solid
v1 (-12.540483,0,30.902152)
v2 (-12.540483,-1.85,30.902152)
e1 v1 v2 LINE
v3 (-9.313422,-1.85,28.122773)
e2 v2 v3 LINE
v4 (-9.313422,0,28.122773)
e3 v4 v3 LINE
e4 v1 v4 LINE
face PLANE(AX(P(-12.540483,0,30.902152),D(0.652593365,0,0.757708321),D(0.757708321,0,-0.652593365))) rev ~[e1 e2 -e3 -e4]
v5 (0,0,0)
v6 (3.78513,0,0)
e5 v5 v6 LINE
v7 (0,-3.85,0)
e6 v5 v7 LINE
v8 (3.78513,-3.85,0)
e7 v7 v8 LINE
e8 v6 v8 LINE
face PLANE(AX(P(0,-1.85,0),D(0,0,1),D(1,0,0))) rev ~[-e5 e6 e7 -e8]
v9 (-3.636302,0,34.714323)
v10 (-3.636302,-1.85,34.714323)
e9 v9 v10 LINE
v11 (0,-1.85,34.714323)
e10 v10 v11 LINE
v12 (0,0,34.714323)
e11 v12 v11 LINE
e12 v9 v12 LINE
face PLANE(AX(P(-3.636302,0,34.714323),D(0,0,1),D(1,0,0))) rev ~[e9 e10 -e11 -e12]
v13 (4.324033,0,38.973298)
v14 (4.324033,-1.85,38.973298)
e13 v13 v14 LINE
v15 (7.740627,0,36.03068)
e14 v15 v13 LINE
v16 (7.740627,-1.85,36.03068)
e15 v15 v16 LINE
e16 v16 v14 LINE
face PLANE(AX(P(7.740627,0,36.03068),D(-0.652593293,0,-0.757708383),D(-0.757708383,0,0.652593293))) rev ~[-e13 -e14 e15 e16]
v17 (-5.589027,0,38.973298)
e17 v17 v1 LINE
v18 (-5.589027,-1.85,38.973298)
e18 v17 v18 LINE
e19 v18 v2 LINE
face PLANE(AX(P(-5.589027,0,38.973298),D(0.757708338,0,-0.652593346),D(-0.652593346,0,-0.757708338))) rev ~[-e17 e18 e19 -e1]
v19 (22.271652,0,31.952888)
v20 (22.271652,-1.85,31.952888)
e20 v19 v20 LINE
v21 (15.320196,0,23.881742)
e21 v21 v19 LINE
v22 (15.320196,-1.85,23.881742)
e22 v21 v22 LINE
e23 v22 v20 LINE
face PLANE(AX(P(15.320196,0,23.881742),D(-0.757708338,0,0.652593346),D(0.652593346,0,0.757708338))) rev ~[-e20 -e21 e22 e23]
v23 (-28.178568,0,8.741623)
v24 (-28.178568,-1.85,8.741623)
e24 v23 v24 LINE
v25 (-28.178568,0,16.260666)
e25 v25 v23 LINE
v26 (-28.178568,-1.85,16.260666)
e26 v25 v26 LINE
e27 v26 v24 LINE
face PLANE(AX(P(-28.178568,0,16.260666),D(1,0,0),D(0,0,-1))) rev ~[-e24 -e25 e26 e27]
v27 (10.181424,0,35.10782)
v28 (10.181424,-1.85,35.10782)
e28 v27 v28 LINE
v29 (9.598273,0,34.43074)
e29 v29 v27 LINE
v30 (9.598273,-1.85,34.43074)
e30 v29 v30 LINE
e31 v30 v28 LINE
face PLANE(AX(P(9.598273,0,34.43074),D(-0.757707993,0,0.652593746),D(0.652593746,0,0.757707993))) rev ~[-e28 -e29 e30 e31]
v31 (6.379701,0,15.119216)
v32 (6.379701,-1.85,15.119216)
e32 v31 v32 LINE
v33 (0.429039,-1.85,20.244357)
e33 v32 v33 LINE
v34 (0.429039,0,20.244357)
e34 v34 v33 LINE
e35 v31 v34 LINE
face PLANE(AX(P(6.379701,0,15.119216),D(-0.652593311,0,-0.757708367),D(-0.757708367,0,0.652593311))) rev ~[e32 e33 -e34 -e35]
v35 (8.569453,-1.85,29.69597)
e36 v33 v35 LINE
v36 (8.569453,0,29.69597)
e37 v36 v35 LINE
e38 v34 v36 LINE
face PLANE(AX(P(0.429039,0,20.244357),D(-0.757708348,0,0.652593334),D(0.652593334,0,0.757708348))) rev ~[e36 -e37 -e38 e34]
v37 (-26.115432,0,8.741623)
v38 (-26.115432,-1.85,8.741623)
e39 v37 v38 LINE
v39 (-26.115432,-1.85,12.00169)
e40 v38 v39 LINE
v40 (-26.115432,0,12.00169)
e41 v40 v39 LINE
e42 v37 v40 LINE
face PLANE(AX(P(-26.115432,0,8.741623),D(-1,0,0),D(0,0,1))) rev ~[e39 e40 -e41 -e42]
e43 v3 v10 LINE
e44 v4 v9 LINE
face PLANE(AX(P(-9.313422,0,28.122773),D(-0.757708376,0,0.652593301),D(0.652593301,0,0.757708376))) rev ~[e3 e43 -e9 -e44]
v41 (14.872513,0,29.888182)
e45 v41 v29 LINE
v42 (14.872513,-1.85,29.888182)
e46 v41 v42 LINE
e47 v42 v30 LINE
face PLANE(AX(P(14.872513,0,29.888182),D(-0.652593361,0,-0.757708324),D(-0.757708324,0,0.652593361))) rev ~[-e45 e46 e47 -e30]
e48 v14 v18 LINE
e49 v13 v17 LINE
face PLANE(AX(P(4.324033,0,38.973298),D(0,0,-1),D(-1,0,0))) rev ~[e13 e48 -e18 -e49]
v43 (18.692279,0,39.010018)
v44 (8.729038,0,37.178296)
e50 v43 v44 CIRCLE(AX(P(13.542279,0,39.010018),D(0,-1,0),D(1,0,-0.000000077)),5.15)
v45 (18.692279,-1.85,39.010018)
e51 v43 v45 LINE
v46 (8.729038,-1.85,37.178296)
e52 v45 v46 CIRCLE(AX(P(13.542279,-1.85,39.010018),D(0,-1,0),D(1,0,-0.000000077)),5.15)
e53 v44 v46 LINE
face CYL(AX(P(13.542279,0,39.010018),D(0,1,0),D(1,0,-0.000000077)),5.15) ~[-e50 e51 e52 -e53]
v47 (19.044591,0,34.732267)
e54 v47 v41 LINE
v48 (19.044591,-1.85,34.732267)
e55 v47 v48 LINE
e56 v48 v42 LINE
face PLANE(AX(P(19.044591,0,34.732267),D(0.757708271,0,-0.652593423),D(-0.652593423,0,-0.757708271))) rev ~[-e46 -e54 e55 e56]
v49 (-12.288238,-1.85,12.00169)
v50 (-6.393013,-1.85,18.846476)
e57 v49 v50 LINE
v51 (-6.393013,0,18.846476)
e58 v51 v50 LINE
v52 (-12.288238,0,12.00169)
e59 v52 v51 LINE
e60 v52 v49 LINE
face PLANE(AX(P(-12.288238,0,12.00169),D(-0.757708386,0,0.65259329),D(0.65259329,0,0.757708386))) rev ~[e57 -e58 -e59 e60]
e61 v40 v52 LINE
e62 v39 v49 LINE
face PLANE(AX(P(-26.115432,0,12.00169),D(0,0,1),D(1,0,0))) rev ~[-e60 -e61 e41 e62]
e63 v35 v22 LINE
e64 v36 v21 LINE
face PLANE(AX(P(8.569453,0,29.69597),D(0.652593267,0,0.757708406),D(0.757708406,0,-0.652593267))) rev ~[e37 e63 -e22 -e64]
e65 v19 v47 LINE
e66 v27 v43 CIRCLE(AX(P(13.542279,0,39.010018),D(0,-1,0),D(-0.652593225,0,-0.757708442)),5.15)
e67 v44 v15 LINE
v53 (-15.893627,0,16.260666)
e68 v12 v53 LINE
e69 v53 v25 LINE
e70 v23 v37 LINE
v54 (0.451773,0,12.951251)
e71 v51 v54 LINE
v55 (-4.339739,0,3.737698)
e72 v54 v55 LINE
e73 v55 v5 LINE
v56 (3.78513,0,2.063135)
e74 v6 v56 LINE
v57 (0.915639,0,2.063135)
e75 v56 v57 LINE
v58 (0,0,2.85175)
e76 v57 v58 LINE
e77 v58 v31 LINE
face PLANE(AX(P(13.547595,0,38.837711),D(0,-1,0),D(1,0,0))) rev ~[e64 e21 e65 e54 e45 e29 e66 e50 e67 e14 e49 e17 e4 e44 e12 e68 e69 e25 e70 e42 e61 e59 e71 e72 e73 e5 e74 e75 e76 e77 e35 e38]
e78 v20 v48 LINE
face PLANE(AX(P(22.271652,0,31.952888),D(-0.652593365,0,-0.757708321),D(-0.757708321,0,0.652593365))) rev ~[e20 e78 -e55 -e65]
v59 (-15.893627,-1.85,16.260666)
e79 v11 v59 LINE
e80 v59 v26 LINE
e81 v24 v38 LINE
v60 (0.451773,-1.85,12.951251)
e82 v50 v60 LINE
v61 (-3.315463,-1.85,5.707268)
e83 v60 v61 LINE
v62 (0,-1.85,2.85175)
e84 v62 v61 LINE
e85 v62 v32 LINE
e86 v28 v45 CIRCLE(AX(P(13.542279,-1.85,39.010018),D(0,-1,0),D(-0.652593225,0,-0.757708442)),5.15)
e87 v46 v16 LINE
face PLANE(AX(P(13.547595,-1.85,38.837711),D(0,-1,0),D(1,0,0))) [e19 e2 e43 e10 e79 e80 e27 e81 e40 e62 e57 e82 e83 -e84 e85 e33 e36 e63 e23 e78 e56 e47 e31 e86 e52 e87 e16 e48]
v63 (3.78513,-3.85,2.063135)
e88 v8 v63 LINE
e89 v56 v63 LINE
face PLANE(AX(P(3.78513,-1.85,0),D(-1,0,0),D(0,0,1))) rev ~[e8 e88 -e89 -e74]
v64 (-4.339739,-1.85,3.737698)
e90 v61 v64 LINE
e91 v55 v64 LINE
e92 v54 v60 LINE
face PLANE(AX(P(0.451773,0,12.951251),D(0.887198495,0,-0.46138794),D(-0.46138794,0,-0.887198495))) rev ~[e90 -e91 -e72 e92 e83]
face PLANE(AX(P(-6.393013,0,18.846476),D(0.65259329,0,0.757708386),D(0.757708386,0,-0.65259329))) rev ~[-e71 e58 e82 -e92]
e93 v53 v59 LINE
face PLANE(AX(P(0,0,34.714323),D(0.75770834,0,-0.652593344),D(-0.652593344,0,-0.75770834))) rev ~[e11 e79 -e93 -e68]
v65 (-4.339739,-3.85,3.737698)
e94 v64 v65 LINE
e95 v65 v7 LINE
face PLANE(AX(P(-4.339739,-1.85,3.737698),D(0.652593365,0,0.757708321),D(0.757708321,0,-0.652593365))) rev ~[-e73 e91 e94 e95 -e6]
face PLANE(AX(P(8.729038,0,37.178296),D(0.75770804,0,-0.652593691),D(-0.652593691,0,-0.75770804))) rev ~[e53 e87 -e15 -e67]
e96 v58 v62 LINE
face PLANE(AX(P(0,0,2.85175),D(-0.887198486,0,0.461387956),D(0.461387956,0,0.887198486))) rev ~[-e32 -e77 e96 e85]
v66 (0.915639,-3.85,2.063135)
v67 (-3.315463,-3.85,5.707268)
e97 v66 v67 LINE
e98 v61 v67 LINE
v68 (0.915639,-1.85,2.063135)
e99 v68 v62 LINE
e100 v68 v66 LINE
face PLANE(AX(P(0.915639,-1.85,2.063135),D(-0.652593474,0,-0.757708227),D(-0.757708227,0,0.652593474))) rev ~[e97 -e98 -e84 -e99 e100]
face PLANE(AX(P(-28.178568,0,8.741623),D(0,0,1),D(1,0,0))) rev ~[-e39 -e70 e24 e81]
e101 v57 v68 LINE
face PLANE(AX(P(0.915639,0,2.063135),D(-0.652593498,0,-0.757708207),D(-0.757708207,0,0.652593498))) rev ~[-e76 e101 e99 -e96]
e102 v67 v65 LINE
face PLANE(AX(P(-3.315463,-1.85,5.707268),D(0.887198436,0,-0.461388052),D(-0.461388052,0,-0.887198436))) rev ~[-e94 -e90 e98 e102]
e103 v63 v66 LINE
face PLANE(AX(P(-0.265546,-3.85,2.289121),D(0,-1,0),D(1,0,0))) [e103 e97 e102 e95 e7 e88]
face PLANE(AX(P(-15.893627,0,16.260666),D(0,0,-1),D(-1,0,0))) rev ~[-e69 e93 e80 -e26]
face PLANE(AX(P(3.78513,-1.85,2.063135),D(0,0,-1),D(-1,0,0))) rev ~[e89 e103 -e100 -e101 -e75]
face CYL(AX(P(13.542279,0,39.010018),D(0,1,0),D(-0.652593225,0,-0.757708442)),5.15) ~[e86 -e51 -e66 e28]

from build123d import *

# Parameters (mm, degrees)
F1_DEPTH = 1.85
F3_DEPTH = 2


with BuildPart() as f1:
    # F0 (on Front) → F1 (new body)
    with BuildSketch(Plane.XZ):
        with BuildLine():
            ThreePointArc((10.181424, 35.10782), (15.688682, 34.328624), (18.692279, 39.010018))
            ThreePointArc((18.692279, 39.010018), (12.611069, 44.075129), (8.729038, 37.178296))
            ThreePointArc((8.729038, 37.178296), (9.326157, 36.052516), (10.181424, 35.10782))
        make_face()
        with BuildLine():
            ThreePointArc((10.181424, 35.10782), (9.326157, 36.052516), (8.729038, 37.178296))
            Line((8.729038, 37.178296), (7.740627, 36.03068))
            Line((7.740627, 36.03068), (9.598273, 34.43074))
            Line((9.598273, 34.43074), (10.181424, 35.10782))
        make_face()
        Polygon((9.598273, 34.43074), (7.740627, 36.03068), (4.324033, 38.973298), (-5.589027, 38.973298), (-12.540483, 30.902152), (-9.313422, 28.122773), (-3.636302, 34.714323), (0, 34.714323), (-15.893627, 16.260666), (-28.178568, 16.260666), (-28.178568, 8.741623), (-26.115432, 8.741623), (-26.115432, 12.00169), (-12.288238, 12.00169), (-6.393013, 18.846476), (0.451773, 12.951251), (-4.339739, 3.737698), (0, 0), (3.78513, 0), (3.78513, 2.063135), (0.915639, 2.063135), (0, 2.85175), (6.379701, 15.119216), (0.429039, 20.244357), (8.569453, 29.69597), (15.320196, 23.881742), (22.271652, 31.952888), (19.044591, 34.732267), (14.872513, 29.888182), align=None)
    extrude(amount=F1_DEPTH)

    # F2 (on face) → F3 (join)
    with BuildSketch(Plane.XZ.offset(1.85)):
        Polygon((-4.339739, 3.737698), (0, 0), (3.78513, 0), (3.78513, 2.063135), (0.915639, 2.063135), (-3.315463, 5.707268), align=None)
    extrude(amount=F3_DEPTH)


solid = f1.part
